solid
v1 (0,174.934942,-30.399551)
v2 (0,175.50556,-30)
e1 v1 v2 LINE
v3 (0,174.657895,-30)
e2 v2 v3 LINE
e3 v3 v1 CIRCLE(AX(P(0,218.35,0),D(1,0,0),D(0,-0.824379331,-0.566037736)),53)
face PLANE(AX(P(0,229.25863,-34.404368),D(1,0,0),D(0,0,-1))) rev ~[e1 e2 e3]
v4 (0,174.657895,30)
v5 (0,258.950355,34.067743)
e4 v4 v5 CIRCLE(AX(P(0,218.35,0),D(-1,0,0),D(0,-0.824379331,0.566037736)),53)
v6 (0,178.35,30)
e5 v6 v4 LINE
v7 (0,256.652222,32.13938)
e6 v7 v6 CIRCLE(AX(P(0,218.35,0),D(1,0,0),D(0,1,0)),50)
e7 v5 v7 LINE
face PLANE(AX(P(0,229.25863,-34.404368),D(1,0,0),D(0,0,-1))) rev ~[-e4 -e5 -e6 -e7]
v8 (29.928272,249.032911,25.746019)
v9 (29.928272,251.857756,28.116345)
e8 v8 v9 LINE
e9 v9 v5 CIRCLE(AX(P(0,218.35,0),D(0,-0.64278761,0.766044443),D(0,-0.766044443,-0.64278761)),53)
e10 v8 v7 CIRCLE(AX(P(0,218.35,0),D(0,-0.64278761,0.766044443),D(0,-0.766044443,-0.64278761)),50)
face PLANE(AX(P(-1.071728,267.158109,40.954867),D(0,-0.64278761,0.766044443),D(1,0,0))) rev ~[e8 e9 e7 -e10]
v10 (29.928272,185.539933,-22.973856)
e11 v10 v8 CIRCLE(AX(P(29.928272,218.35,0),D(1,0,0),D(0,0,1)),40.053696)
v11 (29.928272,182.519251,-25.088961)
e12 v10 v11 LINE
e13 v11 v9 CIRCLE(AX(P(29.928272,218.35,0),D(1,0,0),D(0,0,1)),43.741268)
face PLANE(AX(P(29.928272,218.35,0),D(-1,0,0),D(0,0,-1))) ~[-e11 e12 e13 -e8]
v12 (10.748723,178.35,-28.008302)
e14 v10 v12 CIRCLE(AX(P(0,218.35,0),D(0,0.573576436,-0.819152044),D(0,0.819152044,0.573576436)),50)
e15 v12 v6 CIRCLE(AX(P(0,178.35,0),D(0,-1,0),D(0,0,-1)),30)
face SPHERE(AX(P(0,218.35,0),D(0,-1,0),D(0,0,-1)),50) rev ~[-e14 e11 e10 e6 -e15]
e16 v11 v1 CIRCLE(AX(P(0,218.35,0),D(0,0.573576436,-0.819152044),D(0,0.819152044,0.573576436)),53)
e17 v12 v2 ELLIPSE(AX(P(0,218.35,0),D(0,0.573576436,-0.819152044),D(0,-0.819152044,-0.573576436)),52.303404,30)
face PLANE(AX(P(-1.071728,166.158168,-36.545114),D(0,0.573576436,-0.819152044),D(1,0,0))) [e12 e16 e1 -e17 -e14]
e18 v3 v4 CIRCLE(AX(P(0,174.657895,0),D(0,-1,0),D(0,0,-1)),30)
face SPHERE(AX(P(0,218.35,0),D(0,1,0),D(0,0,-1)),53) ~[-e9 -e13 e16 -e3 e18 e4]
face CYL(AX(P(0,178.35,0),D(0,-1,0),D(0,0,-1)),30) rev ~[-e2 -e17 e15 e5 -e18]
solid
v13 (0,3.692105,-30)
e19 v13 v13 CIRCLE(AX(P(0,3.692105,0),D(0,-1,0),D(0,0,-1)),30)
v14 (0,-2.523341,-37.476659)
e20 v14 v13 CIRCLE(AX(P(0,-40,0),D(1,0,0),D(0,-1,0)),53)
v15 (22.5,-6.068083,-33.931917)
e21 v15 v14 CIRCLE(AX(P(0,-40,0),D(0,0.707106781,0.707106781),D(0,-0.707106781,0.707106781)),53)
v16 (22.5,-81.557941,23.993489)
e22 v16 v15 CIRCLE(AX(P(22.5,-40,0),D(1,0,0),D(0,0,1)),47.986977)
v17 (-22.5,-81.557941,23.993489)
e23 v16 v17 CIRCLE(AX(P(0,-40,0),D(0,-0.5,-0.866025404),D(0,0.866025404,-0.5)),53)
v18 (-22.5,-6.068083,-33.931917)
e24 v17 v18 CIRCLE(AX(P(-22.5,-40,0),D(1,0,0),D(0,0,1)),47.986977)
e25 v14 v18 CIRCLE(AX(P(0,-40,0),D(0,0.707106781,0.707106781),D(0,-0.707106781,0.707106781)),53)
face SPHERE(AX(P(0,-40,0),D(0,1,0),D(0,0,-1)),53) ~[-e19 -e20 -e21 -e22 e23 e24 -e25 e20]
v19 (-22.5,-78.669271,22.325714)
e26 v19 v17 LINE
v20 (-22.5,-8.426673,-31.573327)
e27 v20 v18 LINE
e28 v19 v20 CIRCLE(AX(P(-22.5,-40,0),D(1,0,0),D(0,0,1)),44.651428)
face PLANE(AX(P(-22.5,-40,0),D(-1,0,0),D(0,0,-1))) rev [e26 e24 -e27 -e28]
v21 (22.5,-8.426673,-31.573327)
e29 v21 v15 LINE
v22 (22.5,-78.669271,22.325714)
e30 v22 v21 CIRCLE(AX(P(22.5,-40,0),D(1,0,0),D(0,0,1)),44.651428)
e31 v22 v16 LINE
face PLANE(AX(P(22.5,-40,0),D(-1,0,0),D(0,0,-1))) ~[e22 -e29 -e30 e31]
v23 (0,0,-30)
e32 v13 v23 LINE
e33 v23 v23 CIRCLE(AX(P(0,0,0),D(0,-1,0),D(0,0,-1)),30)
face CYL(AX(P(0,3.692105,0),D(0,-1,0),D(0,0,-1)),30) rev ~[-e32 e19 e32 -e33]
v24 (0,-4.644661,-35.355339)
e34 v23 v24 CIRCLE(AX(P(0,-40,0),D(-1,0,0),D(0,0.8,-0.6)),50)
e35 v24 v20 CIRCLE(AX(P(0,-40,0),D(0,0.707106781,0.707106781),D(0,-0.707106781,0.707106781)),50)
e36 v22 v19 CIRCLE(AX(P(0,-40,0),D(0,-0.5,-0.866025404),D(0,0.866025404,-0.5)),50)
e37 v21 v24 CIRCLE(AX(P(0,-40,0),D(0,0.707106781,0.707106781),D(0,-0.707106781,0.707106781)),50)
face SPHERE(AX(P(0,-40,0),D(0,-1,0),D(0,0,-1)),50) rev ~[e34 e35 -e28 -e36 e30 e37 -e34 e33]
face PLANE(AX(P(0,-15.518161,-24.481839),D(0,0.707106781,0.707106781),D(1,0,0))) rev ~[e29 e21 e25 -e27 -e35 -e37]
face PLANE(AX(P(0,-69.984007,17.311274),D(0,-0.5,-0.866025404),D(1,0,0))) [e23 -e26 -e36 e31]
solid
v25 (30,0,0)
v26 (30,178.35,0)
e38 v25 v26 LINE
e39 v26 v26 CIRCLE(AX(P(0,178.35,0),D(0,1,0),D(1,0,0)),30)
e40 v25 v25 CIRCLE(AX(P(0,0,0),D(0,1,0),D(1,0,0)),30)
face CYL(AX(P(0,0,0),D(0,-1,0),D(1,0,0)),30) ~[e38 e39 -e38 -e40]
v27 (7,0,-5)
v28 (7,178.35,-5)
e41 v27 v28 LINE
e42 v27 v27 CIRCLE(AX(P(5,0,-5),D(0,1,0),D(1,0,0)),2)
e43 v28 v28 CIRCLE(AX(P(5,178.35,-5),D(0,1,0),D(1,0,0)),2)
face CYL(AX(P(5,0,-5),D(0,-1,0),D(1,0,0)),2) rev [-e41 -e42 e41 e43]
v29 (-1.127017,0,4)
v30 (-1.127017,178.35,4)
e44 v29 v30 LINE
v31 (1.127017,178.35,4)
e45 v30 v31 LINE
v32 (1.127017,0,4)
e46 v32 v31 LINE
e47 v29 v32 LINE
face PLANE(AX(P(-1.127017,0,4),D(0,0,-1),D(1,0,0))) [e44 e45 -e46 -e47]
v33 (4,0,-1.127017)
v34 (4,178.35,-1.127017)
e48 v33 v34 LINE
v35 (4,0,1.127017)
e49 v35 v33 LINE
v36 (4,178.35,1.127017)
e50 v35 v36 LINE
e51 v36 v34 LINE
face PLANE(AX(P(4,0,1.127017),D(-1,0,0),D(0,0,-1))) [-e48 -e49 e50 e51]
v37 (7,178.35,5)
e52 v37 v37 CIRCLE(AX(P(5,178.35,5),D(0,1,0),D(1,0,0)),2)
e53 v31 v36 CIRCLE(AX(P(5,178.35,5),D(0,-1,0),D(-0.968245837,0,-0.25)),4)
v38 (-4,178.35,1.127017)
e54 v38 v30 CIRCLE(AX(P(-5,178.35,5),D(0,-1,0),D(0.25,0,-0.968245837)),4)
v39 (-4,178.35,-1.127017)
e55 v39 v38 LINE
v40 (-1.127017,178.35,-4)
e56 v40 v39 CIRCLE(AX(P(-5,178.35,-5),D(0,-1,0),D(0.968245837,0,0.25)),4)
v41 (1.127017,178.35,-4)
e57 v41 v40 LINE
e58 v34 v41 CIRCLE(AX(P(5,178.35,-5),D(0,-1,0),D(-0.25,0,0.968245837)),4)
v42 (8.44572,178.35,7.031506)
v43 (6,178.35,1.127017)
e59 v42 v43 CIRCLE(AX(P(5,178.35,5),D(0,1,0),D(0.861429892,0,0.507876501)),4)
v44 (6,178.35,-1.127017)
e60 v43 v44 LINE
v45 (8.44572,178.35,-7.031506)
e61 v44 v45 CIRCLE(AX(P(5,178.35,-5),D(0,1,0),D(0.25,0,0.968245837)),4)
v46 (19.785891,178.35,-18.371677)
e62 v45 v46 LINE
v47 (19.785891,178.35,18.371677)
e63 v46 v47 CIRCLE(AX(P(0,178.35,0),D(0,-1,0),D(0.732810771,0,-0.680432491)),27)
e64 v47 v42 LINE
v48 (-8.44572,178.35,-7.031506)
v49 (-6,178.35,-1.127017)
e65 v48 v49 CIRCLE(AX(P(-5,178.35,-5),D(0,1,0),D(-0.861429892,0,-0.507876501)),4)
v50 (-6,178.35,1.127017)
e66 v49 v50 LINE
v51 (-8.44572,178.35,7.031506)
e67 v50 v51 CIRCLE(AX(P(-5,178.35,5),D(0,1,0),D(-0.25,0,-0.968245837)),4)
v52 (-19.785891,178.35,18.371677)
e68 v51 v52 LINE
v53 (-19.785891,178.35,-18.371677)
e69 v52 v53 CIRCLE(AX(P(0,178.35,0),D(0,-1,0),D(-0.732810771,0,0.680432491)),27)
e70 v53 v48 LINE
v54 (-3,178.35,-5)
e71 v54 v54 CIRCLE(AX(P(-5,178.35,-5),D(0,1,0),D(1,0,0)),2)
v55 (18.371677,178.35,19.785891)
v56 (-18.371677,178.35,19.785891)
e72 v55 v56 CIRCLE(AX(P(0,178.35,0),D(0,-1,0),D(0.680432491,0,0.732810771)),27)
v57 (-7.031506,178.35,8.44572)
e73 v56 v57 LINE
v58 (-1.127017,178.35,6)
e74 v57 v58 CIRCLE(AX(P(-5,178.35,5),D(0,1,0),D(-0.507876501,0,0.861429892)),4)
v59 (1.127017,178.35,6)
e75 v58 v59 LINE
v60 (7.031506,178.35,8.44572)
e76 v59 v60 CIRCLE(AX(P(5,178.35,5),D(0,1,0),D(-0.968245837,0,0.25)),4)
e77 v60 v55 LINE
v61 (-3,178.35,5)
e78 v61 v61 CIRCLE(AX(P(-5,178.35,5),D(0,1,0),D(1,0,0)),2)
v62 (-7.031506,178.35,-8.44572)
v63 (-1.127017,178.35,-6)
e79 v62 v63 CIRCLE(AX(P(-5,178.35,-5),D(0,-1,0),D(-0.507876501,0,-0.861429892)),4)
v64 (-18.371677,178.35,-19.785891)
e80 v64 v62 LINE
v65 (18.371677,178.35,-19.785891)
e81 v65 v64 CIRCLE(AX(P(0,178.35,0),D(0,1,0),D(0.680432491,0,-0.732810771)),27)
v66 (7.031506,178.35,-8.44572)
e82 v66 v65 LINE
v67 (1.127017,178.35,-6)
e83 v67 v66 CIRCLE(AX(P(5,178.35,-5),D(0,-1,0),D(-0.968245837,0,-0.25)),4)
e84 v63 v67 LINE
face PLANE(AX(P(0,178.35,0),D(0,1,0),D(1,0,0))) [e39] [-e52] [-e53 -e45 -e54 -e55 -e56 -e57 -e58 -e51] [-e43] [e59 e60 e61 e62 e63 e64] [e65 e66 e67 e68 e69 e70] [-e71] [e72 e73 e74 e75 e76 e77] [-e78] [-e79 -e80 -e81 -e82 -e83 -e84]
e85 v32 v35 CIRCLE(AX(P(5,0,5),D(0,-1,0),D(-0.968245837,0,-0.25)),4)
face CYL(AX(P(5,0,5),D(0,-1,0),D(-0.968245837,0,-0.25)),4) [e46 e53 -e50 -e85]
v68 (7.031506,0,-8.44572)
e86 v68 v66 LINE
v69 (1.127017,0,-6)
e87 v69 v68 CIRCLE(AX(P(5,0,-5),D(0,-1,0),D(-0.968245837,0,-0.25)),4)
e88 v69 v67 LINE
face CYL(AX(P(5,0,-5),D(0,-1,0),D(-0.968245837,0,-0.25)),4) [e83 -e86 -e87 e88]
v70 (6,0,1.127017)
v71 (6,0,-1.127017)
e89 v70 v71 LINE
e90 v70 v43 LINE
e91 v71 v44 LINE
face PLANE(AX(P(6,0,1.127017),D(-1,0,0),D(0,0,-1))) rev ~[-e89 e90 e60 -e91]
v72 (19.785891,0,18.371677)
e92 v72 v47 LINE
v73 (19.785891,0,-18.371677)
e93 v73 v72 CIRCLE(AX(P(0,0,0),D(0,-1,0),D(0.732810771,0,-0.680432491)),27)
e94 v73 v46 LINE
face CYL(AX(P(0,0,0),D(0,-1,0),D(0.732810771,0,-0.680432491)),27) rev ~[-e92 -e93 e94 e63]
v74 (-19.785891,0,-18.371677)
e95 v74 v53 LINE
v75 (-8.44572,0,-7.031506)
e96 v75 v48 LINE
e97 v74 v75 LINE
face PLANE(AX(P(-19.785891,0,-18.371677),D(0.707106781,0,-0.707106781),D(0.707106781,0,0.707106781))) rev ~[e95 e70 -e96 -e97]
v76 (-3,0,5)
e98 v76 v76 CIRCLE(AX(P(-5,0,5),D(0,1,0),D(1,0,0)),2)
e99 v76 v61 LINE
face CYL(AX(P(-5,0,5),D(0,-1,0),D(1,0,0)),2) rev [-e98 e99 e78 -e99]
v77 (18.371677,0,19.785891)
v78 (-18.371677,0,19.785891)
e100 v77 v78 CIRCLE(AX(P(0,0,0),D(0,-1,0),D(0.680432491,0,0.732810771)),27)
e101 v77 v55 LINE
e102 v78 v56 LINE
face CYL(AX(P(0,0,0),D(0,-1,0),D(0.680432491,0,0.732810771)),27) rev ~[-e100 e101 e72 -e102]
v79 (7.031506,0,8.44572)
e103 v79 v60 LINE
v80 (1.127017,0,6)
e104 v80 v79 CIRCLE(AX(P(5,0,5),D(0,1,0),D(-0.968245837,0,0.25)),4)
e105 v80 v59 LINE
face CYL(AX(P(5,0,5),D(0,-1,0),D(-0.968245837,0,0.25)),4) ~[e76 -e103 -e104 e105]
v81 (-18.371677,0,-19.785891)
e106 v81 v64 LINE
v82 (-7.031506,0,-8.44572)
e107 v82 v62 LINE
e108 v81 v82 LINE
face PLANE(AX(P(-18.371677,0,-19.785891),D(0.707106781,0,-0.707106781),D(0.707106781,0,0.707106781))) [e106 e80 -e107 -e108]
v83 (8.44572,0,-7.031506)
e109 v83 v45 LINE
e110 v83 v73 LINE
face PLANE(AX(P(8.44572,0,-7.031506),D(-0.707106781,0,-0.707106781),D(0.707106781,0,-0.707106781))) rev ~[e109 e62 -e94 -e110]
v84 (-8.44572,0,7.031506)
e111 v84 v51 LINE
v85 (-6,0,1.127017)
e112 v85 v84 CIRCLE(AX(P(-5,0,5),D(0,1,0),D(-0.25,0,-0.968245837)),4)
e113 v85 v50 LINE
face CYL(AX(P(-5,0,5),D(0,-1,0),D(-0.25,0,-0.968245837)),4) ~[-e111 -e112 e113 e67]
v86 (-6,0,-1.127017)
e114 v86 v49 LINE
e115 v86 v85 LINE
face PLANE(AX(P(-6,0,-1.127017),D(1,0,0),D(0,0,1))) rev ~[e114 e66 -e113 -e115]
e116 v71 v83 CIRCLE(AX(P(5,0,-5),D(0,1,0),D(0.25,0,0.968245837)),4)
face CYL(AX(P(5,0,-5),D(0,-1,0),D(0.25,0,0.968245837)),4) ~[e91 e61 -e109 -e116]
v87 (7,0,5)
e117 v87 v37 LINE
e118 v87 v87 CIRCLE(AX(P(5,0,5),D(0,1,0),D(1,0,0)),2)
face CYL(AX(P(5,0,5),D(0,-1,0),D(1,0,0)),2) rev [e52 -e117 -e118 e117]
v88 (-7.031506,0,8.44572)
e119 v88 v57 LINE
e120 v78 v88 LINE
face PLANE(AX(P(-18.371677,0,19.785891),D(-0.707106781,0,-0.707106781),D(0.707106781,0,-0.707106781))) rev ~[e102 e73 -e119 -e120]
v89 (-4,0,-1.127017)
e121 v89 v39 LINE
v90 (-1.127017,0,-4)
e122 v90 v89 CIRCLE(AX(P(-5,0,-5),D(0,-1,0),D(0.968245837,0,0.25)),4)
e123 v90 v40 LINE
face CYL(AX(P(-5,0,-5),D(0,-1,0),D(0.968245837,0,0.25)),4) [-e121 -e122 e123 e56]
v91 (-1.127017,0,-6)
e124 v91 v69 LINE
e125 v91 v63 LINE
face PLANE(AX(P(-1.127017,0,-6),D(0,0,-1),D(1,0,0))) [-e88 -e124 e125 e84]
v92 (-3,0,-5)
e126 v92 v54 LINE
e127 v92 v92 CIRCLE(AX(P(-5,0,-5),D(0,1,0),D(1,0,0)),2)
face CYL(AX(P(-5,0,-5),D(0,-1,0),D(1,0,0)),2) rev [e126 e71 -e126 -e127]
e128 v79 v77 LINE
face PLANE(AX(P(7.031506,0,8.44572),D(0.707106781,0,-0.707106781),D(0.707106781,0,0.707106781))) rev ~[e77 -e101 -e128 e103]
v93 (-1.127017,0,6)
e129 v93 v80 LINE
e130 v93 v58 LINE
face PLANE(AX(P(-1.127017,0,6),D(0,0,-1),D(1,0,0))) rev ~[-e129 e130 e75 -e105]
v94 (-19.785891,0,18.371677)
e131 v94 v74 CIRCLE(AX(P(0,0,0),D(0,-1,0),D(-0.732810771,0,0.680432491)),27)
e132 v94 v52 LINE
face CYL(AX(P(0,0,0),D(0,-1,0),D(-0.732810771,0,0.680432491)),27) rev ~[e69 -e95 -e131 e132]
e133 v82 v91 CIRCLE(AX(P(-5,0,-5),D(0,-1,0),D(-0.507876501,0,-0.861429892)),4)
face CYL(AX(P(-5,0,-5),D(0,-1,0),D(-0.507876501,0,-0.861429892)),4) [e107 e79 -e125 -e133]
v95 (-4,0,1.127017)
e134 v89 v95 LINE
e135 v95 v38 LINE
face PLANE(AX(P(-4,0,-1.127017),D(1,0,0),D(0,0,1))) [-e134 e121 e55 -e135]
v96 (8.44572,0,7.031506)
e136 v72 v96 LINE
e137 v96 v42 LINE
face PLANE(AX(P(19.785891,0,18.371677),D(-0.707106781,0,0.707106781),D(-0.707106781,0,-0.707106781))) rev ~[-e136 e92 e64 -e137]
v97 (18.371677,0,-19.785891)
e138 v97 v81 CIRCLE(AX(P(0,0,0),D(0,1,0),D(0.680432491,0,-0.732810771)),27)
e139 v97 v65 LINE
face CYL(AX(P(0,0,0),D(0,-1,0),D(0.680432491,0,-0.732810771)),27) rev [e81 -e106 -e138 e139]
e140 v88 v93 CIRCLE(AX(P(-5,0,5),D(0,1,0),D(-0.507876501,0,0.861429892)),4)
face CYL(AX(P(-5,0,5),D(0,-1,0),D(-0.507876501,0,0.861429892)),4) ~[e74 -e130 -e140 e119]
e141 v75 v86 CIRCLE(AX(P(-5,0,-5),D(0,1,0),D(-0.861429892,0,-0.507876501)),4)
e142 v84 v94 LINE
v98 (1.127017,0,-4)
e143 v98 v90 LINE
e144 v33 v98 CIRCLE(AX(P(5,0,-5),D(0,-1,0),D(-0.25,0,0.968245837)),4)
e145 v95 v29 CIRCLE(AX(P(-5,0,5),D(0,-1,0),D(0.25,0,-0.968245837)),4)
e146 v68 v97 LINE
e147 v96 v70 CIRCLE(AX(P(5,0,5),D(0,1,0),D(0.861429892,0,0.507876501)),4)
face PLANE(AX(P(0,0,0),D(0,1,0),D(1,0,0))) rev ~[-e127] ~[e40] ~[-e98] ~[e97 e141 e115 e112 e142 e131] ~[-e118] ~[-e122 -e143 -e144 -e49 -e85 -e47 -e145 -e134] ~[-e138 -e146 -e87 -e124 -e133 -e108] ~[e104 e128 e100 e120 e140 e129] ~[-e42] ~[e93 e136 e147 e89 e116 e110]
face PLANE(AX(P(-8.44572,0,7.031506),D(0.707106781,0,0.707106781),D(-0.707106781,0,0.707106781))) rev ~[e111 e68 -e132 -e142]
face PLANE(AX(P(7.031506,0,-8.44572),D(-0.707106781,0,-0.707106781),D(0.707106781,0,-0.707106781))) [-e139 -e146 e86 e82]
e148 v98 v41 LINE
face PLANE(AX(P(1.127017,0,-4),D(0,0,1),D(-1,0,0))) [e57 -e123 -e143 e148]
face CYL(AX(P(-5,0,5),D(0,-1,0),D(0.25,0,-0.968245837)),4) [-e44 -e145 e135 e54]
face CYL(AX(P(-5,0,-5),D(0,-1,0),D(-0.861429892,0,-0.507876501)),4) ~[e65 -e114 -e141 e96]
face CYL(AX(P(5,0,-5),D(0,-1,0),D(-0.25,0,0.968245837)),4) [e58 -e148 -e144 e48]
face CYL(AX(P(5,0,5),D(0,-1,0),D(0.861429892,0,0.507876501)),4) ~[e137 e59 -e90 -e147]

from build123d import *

# Parameters (mm, degrees)
SKETCH_7_R                = 30
SKETCH_7_R_2              = 2
EXTRUDE_1_DEPTH           = 178.35
REVOLVE_1_ANGLE           = 180
SKETCH_13_W               = 62
SKETCH_13_H               = 63.428923534
REVOLVE_2_ANGLE           = 130
REVOLVE_2_OTHER_WAY_ANGLE = 55
SKETCH_15_W               = 45
SKETCH_15_H               = 69.245097843
REVOLVE_6_ANGLE           = 45
REVOLVE_6_OTHER_WAY_ANGLE = 120


with BuildPart() as part:
    # 草图7 → 凸台-拉伸1 (new body)
    with BuildSketch(Plane(origin=(0, 0, 0), x_dir=(1, 0, 0), z_dir=(0, 1, 0))):
        Circle(SKETCH_7_R)
        with Locations((5, 5)):
            Circle(SKETCH_7_R_2, mode=Mode.SUBTRACT)
        with Locations((5, -5)):
            Circle(SKETCH_7_R_2, mode=Mode.SUBTRACT)
        with Locations((-5, -5)):
            Circle(SKETCH_7_R_2, mode=Mode.SUBTRACT)
        with Locations((-5, 5)):
            Circle(SKETCH_7_R_2, mode=Mode.SUBTRACT)
        with BuildLine():
            Line((7.031506006, 8.445719569), (18.371677247, 19.78589081))
            ThreePointArc((18.371677247, 19.78589081), (0, 27), (-18.371677247, 19.78589081))
            Line((-18.371677247, 19.78589081), (-7.031506006, 8.445719569))
            ThreePointArc((-7.031506006, 8.445719569), (-3.469266271, 8.69551813), (-1.127016654, 6))
            Line((-1.127016654, 6), (1.127016654, 6))
            ThreePointArc((1.127016654, 6), (3.469266271, 8.69551813), (7.031506006, 8.445719569))
        make_face(mode=Mode.SUBTRACT)
        with BuildLine():
            Line((8.445719569, 7.031506006), (19.78589081, 18.371677247))
            ThreePointArc((19.78589081, 18.371677247), (27, 0), (19.78589081, -18.371677247))
            Line((19.78589081, -18.371677247), (8.445719569, -7.031506006))
            ThreePointArc((8.445719569, -7.031506006), (8.69551813, -3.469266271), (6, -1.127016654))
            Line((6, -1.127016654), (6, 1.127016654))
            ThreePointArc((6, 1.127016654), (8.69551813, 3.469266271), (8.445719569, 7.031506006))
        make_face(mode=Mode.SUBTRACT)
        with BuildLine():
            Line((7.031506006, -8.445719569), (18.371677247, -19.78589081))
            ThreePointArc((18.371677247, -19.78589081), (0, -27), (-18.371677247, -19.78589081))
            Line((-18.371677247, -19.78589081), (-7.031506006, -8.445719569))
            ThreePointArc((-7.031506006, -8.445719569), (-3.469266271, -8.69551813), (-1.127016654, -6))
            Line((-1.127016654, -6), (1.127016654, -6))
            ThreePointArc((1.127016654, -6), (3.469266271, -8.69551813), (7.031506006, -8.445719569))
        make_face(mode=Mode.SUBTRACT)
        with BuildLine():
            Line((-8.445719569, -7.031506006), (-19.78589081, -18.371677247))
            ThreePointArc((-19.78589081, -18.371677247), (-27, 0), (-19.78589081, 18.371677247))
            Line((-19.78589081, 18.371677247), (-8.445719569, 7.031506006))
            ThreePointArc((-8.445719569, 7.031506006), (-8.69551813, 3.469266271), (-6, 1.127016654))
            Line((-6, 1.127016654), (-6, -1.127016654))
            ThreePointArc((-6, -1.127016654), (-8.69551813, -3.469266271), (-8.445719569, -7.031506006))
        make_face(mode=Mode.SUBTRACT)
        with BuildLine():
            Line((1.127016654, 4), (-1.127016654, 4))
            ThreePointArc((-1.127016654, 4), (-2.171572875, 2.171572875), (-4, 1.127016654))
            Line((-4, 1.127016654), (-4, -1.127016654))
            ThreePointArc((-4, -1.127016654), (-2.171572875, -2.171572875), (-1.127016654, -4))
            Line((-1.127016654, -4), (1.127016654, -4))
            ThreePointArc((1.127016654, -4), (2.171572875, -2.171572875), (4, -1.127016654))
            Line((4, -1.127016654), (4, 1.127016654))
            ThreePointArc((4, 1.127016654), (2.171572875, 2.171572875), (1.127016654, 4))
        make_face(mode=Mode.SUBTRACT)
    extrude(amount=EXTRUDE_1_DEPTH)


with BuildPart() as body_2:
    # 草图8 → 旋转1 (revolve)
    with BuildSketch(Plane(origin=(0, 0, 0), x_dir=(0, 0, -1), z_dir=(1, 0, 0))):
        with BuildLine():
            Line((0, 271.35), (0, 268.35))
            ThreePointArc((0, 268.35), (47.434164903, 234.161388301), (30, 178.35))
            Line((30, 178.35), (30, 174.65789545))
            ThreePointArc((30, 174.65789545), (50.619569048, 234.055388547), (0, 271.35))
        make_face()
    revolve(axis=Axis((0, 218.35, 0), (0, -1, 0)), revolution_arc=REVOLVE_1_ANGLE)


with BuildPart() as body_3:
    # 草图14 → 旋转3 (revolve)
    with BuildSketch(Plane(origin=(0, 0, 0), x_dir=(0, 0, -1), z_dir=(1, 0, 0))):
        with BuildLine():
            Line((30, 3.69210455), (30, 0))
            ThreePointArc((30, 0), (47.434164903, -55.811388301), (0, -90))
            Line((0, -90), (0, -93))
            ThreePointArc((0, -93), (50.619569048, -55.705388547), (30, 3.69210455))
        make_face()
    revolve(axis=Axis((0, 0, 0), (0, -1, 0)))


with BuildPart() as body_4:
    # 草图13 → 旋转2 (revolve)
    with BuildSketch(Plane(origin=(0, 218.35, 0), x_dir=(1, 0, 0), z_dir=(0, 1, 0))):
        with Locations((-1.07172831, 63.714461767)):
            Rectangle(SKETCH_13_W, SKETCH_13_H)
    revolve(axis=Axis((-30.13148335, 218.35, 0), (1, 0, 0)), revolution_arc=REVOLVE_2_ANGLE)

    # 草图13 → 旋转2 other way (revolve)
    with BuildSketch(Plane(origin=(0, 218.35, 0), x_dir=(1, 0, 0), z_dir=(0, 1, 0))):
        with Locations((-1.07172831, 63.714461767)):
            Rectangle(SKETCH_13_W, SKETCH_13_H)
    revolve(axis=Axis((-30.13148335, 218.35, 0), (-1, 0, 0)), revolution_arc=REVOLVE_2_OTHER_WAY_ANGLE)


with BuildPart() as body_5:
    # 草图15 → 旋转6 (revolve)
    with BuildSketch(Plane(origin=(0, -40, 0), x_dir=(1, 0, 0), z_dir=(0, 1, 0))):
        with Locations((0, 34.622548922)):
            Rectangle(SKETCH_15_W, SKETCH_15_H)
    revolve(axis=Axis((-74.394272535, -40, 0), (1, 0, 0)), revolution_arc=REVOLVE_6_ANGLE)

    # 草图15 → 旋转6 other way (revolve)
    with BuildSketch(Plane(origin=(0, -40, 0), x_dir=(1, 0, 0), z_dir=(0, 1, 0))):
        with Locations((0, 34.622548922)):
            Rectangle(SKETCH_15_W, SKETCH_15_H)
    revolve(axis=Axis((-74.394272535, -40, 0), (-1, 0, 0)), revolution_arc=REVOLVE_6_OTHER_WAY_ANGLE)


with BuildPart() as body_2_1:
    add(body_2.part)

    # Combine 1: cut body 4
    add(body_4.part, mode=Mode.SUBTRACT)


with BuildPart() as body_3_1:
    add(body_3.part)

    # Combine 2: cut body 5
    add(body_5.part, mode=Mode.SUBTRACT)


solid = Compound([part.part, body_2_1.part, body_3_1.part])
